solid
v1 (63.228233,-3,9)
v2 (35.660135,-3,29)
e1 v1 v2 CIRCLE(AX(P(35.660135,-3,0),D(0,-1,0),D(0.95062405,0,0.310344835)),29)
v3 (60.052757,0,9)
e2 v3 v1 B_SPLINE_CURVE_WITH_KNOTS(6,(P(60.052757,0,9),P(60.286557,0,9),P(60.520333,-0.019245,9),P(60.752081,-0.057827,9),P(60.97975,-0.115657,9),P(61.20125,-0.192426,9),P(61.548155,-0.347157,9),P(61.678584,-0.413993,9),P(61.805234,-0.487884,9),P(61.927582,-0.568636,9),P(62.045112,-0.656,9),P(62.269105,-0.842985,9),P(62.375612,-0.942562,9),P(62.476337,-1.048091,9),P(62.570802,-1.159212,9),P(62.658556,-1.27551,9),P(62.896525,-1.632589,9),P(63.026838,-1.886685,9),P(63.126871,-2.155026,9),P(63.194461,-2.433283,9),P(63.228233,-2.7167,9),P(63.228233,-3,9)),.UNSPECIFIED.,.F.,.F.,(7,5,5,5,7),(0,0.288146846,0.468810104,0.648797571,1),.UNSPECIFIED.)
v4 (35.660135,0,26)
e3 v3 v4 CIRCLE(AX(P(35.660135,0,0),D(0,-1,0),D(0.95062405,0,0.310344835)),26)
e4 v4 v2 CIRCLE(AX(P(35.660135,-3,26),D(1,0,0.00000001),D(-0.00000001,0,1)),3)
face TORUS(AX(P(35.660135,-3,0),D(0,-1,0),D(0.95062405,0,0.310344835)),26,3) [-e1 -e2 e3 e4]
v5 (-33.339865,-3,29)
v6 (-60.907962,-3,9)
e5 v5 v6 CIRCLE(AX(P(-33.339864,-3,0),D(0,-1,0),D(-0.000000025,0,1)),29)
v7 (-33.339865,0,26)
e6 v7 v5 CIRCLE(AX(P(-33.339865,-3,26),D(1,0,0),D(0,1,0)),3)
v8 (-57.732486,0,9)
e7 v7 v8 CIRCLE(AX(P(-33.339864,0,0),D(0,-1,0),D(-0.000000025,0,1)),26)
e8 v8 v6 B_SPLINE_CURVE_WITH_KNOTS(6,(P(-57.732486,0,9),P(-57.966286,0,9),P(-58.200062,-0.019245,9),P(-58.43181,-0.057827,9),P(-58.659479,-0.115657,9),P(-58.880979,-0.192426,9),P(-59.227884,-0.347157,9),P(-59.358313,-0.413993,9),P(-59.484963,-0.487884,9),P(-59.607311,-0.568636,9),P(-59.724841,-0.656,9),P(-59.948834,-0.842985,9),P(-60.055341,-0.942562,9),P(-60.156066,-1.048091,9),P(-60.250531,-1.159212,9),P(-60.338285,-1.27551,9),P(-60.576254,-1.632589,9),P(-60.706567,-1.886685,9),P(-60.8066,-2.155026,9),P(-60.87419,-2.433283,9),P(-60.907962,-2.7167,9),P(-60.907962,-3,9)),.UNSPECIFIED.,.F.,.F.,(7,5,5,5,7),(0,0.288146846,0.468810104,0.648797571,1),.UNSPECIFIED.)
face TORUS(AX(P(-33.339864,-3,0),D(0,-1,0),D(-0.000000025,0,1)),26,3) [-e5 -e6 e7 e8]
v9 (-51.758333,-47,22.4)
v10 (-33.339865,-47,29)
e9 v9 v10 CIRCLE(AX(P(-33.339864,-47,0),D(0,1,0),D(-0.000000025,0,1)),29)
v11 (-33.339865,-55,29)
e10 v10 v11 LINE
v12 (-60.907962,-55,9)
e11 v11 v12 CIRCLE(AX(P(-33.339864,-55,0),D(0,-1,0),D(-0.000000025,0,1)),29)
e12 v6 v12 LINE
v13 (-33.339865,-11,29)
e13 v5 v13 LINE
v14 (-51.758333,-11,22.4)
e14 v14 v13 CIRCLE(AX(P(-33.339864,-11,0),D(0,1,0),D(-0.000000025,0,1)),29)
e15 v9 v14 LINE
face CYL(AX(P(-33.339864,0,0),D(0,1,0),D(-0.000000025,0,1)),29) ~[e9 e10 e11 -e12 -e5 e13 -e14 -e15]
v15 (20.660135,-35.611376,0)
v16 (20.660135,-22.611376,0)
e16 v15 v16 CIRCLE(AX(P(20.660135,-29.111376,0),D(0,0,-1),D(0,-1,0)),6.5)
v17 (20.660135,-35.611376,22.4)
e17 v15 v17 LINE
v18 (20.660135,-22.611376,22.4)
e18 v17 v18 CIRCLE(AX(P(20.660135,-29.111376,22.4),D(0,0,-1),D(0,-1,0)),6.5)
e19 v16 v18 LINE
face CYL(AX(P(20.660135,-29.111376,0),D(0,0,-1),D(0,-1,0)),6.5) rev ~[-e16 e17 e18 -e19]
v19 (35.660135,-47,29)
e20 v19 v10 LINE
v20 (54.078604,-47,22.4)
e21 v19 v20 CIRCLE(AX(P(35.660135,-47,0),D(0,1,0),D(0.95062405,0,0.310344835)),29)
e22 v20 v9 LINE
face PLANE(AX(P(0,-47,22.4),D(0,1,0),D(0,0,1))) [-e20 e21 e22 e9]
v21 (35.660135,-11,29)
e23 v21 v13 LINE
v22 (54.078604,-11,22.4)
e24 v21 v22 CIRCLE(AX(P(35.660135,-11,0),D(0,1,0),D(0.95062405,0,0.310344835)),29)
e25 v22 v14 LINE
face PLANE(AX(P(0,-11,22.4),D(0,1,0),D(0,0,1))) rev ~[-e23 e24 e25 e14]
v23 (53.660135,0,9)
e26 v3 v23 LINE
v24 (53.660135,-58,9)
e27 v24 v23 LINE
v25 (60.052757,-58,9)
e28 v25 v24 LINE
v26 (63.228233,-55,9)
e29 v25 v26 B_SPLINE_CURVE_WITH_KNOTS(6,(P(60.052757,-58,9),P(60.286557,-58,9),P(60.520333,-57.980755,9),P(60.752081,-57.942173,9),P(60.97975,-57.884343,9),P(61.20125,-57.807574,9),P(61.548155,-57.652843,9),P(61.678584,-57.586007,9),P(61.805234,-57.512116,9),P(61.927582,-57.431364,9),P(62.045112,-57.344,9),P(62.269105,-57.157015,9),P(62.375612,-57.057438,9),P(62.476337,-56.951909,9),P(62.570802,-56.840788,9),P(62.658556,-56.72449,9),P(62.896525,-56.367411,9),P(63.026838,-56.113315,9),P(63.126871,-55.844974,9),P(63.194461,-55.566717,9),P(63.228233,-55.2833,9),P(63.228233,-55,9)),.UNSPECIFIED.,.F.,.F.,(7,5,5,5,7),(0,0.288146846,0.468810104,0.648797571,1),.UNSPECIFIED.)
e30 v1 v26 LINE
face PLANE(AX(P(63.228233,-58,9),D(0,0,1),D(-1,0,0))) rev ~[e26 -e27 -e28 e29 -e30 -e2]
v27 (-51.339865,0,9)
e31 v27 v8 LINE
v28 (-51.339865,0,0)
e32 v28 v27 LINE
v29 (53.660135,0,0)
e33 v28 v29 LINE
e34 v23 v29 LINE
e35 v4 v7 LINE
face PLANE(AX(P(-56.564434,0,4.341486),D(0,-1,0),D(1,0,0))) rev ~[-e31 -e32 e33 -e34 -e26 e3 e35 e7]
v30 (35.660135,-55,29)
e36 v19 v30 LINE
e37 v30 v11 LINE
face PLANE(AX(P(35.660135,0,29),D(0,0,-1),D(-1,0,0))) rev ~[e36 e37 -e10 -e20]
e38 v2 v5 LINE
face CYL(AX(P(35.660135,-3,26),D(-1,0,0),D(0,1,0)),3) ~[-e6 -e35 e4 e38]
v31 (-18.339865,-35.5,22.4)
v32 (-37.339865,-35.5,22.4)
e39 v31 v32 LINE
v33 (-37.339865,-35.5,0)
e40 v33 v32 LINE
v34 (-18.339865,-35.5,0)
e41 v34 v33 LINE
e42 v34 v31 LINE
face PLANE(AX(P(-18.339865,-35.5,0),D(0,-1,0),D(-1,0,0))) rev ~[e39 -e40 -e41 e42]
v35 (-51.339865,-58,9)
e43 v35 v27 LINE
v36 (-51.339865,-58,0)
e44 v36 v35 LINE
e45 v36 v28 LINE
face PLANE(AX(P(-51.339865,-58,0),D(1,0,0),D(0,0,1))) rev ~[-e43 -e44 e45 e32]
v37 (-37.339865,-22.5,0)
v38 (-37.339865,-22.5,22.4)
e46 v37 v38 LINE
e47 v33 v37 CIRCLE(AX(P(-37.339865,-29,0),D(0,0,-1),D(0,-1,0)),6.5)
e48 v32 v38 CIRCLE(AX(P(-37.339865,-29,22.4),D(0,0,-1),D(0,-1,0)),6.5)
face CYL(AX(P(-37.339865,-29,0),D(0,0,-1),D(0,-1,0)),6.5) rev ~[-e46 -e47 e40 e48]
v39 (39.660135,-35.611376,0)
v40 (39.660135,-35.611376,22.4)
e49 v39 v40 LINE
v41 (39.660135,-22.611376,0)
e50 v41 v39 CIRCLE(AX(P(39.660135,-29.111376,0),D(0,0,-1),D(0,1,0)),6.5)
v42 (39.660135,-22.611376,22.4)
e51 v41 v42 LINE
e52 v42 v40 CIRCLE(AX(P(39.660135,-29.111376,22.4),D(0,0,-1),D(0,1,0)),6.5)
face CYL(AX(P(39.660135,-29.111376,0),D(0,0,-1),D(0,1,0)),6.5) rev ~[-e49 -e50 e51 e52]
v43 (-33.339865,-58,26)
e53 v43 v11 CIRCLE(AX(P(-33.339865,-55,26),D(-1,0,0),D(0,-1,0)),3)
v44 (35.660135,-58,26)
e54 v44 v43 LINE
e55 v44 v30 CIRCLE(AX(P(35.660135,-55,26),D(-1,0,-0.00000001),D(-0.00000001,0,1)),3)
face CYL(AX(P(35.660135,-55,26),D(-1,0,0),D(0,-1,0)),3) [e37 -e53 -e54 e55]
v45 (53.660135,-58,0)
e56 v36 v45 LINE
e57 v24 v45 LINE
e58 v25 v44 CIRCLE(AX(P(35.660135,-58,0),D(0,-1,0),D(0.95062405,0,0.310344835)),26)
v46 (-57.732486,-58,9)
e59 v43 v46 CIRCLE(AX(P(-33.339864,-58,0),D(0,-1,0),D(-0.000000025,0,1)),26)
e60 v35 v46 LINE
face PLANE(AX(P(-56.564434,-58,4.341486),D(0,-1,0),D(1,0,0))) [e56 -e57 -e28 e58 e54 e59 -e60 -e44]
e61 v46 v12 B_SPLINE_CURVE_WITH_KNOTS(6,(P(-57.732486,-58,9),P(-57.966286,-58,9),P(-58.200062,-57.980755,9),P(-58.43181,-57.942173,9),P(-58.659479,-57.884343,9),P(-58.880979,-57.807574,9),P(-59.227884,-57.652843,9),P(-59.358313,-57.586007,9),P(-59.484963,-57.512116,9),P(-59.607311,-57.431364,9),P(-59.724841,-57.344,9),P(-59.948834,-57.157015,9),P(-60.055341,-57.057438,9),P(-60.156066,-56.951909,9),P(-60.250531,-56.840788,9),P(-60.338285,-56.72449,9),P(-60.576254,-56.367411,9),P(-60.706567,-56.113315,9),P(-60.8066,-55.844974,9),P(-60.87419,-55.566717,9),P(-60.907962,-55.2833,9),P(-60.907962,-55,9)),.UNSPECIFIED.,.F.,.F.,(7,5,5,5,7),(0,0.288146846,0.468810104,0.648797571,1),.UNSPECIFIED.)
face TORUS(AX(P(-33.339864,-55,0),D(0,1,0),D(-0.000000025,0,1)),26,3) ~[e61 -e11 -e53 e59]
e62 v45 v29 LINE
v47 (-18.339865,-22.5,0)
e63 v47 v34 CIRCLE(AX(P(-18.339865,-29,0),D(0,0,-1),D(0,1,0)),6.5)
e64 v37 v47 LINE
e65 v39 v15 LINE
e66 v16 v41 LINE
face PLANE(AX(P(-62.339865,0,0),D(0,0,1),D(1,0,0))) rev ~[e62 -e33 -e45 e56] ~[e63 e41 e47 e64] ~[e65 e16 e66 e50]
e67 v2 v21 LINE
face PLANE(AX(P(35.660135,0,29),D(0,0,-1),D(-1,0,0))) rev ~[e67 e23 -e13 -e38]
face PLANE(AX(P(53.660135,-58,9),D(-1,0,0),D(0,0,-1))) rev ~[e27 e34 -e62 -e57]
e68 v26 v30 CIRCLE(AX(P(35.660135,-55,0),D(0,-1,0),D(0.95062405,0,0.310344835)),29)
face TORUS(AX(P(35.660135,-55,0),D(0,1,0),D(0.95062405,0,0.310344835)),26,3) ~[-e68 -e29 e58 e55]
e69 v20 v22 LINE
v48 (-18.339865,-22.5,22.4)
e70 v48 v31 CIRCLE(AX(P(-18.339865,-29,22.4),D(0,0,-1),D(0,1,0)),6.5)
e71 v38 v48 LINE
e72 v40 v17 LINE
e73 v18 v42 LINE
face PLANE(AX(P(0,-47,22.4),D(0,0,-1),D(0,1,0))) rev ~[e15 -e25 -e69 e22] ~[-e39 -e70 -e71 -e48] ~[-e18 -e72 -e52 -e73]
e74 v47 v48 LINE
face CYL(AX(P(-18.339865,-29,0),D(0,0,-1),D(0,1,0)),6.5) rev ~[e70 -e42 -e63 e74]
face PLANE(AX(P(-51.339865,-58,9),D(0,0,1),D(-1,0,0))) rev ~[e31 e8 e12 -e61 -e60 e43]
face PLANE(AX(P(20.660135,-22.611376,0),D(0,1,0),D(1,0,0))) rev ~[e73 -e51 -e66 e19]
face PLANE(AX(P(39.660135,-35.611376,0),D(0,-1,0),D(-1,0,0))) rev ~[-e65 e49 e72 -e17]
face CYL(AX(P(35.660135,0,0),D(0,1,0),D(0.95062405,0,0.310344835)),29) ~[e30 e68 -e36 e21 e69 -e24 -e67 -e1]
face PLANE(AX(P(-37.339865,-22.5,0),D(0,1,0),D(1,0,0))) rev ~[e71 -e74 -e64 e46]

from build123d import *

# Parameters (mm, degrees)
F1_DEPTH      = 58
F3_DEPTH      = 58.001
F4_W          = 36
F4_H          = 6.6
F5_DEPTH      = 127
F5_DEPTH_BACK = 127
F7_DEPTH      = 29.001
F8_R          = 3
F9_DEPTH      = 25


with BuildPart() as f1:
    # F0 (on Front) → F1 (new body)
    with BuildSketch(Plane.XZ):
        with BuildLine():
            ThreePointArc((-60.907962, 9), (-61.979652, 4.556598), (-62.339865, 0))
            Line((-62.339865, 0), (-51.339865, 0))
            Line((-51.339865, 0), (-51.339865, 9))
            Line((-51.339865, 9), (-60.907962, 9))
        make_face()
        with BuildLine():
            ThreePointArc((-33.339865, 29), (-50.369251, 23.473389), (-60.907962, 9))
            Line((-60.907962, 9), (-51.339865, 9))
            Line((-51.339865, 9), (-51.339865, 0))
            Line((-51.339865, 0), (53.660135, 0))
            Line((53.660135, 0), (53.660135, 9))
            Line((53.660135, 9), (63.228233, 9))
            ThreePointArc((63.228233, 9), (52.689522, 23.473389), (35.660135, 29))
            Line((35.660135, 29), (-33.339865, 29))
        make_face()
        with BuildLine():
            Line((53.660135, 9), (53.660135, 0))
            Line((53.660135, 0), (64.660135, 0))
            ThreePointArc((64.660135, 0), (64.299923, 4.556598), (63.228233, 9))
            Line((63.228233, 9), (53.660135, 9))
        make_face()
    extrude(amount=F1_DEPTH)

    # F2 (on face) → F3 (cut, through all)
    with BuildSketch(Plane.XZ.offset(58)):
        with BuildLine():
            Line((-62.339865, 0), (-51.339865, 0))
            Line((-51.339865, 0), (-51.339865, 9))
            Line((-51.339865, 9), (-60.907962, 9))
            ThreePointArc((-60.907962, 9), (-61.979652, 4.556598), (-62.339865, 0))
        make_face()
        with BuildLine():
            Line((53.660135, 9), (53.660135, 0))
            Line((53.660135, 0), (64.660135, 0))
            ThreePointArc((64.660135, 0), (64.299923, 4.556598), (63.228233, 9))
            Line((63.228233, 9), (53.660135, 9))
        make_face()
    extrude(amount=-F3_DEPTH, mode=Mode.SUBTRACT)

    # F4 (on Right) → F5 (cut, two sides)
    with BuildSketch(Plane.YZ) as f5_sk:
        with Locations((-29, 25.7)):
            Rectangle(F4_W, F4_H)
    extrude(amount=F5_DEPTH, mode=Mode.SUBTRACT)
    extrude(f5_sk.sketch, amount=-F5_DEPTH_BACK, mode=Mode.SUBTRACT)

    # F6 (on face) → F7 (cut, through all)
    with BuildSketch(Plane(origin=(0, 0, 0), x_dir=(1, 0, 0), z_dir=(0, 0, -1))):
        with BuildLine():
            ThreePointArc((-37.339865, 35.5), (-43.839865, 29), (-37.339865, 22.5))
            Line((-37.339865, 22.5), (-18.339865, 22.5))
            ThreePointArc((-18.339865, 22.5), (-11.839865, 29), (-18.339865, 35.5))
            Line((-18.339865, 35.5), (-37.339865, 35.5))
        make_face()
        with BuildLine():
            ThreePointArc((20.660135, 35.611376), (14.160135, 29.111376), (20.660135, 22.611376))
            Line((20.660135, 22.611376), (39.660135, 22.611376))
            ThreePointArc((39.660135, 22.611376), (46.160135, 29.111376), (39.660135, 35.611376))
            Line((39.660135, 35.611376), (20.660135, 35.611376))
        make_face()
    extrude(amount=-F7_DEPTH, mode=Mode.SUBTRACT)

    # F8
    f8_edges = [f1.edges().sort_by_distance(p)[0] for p in [
        (1.160135, -58, 29),
        (1.160135, 0, 29),
    ]]
    fillet(f8_edges, radius=F8_R)

    # F6 (on face) → F9 (cut)
    with BuildSketch(Plane(origin=(0, 0, 0), x_dir=(1, 0, 0), z_dir=(0, 0, -1))):
        with BuildLine():
            ThreePointArc((-37.339865, 35.5), (-43.839865, 29), (-37.339865, 22.5))
            Line((-37.339865, 22.5), (-18.339865, 22.5))
            ThreePointArc((-18.339865, 22.5), (-11.839865, 29), (-18.339865, 35.5))
            Line((-18.339865, 35.5), (-37.339865, 35.5))
        make_face()
        with BuildLine():
            ThreePointArc((20.660135, 35.611376), (14.160135, 29.111376), (20.660135, 22.611376))
            Line((20.660135, 22.611376), (39.660135, 22.611376))
            ThreePointArc((39.660135, 22.611376), (46.160135, 29.111376), (39.660135, 35.611376))
            Line((39.660135, 35.611376), (20.660135, 35.611376))
        make_face()
    extrude(amount=F9_DEPTH, mode=Mode.SUBTRACT)


solid = f1.part
